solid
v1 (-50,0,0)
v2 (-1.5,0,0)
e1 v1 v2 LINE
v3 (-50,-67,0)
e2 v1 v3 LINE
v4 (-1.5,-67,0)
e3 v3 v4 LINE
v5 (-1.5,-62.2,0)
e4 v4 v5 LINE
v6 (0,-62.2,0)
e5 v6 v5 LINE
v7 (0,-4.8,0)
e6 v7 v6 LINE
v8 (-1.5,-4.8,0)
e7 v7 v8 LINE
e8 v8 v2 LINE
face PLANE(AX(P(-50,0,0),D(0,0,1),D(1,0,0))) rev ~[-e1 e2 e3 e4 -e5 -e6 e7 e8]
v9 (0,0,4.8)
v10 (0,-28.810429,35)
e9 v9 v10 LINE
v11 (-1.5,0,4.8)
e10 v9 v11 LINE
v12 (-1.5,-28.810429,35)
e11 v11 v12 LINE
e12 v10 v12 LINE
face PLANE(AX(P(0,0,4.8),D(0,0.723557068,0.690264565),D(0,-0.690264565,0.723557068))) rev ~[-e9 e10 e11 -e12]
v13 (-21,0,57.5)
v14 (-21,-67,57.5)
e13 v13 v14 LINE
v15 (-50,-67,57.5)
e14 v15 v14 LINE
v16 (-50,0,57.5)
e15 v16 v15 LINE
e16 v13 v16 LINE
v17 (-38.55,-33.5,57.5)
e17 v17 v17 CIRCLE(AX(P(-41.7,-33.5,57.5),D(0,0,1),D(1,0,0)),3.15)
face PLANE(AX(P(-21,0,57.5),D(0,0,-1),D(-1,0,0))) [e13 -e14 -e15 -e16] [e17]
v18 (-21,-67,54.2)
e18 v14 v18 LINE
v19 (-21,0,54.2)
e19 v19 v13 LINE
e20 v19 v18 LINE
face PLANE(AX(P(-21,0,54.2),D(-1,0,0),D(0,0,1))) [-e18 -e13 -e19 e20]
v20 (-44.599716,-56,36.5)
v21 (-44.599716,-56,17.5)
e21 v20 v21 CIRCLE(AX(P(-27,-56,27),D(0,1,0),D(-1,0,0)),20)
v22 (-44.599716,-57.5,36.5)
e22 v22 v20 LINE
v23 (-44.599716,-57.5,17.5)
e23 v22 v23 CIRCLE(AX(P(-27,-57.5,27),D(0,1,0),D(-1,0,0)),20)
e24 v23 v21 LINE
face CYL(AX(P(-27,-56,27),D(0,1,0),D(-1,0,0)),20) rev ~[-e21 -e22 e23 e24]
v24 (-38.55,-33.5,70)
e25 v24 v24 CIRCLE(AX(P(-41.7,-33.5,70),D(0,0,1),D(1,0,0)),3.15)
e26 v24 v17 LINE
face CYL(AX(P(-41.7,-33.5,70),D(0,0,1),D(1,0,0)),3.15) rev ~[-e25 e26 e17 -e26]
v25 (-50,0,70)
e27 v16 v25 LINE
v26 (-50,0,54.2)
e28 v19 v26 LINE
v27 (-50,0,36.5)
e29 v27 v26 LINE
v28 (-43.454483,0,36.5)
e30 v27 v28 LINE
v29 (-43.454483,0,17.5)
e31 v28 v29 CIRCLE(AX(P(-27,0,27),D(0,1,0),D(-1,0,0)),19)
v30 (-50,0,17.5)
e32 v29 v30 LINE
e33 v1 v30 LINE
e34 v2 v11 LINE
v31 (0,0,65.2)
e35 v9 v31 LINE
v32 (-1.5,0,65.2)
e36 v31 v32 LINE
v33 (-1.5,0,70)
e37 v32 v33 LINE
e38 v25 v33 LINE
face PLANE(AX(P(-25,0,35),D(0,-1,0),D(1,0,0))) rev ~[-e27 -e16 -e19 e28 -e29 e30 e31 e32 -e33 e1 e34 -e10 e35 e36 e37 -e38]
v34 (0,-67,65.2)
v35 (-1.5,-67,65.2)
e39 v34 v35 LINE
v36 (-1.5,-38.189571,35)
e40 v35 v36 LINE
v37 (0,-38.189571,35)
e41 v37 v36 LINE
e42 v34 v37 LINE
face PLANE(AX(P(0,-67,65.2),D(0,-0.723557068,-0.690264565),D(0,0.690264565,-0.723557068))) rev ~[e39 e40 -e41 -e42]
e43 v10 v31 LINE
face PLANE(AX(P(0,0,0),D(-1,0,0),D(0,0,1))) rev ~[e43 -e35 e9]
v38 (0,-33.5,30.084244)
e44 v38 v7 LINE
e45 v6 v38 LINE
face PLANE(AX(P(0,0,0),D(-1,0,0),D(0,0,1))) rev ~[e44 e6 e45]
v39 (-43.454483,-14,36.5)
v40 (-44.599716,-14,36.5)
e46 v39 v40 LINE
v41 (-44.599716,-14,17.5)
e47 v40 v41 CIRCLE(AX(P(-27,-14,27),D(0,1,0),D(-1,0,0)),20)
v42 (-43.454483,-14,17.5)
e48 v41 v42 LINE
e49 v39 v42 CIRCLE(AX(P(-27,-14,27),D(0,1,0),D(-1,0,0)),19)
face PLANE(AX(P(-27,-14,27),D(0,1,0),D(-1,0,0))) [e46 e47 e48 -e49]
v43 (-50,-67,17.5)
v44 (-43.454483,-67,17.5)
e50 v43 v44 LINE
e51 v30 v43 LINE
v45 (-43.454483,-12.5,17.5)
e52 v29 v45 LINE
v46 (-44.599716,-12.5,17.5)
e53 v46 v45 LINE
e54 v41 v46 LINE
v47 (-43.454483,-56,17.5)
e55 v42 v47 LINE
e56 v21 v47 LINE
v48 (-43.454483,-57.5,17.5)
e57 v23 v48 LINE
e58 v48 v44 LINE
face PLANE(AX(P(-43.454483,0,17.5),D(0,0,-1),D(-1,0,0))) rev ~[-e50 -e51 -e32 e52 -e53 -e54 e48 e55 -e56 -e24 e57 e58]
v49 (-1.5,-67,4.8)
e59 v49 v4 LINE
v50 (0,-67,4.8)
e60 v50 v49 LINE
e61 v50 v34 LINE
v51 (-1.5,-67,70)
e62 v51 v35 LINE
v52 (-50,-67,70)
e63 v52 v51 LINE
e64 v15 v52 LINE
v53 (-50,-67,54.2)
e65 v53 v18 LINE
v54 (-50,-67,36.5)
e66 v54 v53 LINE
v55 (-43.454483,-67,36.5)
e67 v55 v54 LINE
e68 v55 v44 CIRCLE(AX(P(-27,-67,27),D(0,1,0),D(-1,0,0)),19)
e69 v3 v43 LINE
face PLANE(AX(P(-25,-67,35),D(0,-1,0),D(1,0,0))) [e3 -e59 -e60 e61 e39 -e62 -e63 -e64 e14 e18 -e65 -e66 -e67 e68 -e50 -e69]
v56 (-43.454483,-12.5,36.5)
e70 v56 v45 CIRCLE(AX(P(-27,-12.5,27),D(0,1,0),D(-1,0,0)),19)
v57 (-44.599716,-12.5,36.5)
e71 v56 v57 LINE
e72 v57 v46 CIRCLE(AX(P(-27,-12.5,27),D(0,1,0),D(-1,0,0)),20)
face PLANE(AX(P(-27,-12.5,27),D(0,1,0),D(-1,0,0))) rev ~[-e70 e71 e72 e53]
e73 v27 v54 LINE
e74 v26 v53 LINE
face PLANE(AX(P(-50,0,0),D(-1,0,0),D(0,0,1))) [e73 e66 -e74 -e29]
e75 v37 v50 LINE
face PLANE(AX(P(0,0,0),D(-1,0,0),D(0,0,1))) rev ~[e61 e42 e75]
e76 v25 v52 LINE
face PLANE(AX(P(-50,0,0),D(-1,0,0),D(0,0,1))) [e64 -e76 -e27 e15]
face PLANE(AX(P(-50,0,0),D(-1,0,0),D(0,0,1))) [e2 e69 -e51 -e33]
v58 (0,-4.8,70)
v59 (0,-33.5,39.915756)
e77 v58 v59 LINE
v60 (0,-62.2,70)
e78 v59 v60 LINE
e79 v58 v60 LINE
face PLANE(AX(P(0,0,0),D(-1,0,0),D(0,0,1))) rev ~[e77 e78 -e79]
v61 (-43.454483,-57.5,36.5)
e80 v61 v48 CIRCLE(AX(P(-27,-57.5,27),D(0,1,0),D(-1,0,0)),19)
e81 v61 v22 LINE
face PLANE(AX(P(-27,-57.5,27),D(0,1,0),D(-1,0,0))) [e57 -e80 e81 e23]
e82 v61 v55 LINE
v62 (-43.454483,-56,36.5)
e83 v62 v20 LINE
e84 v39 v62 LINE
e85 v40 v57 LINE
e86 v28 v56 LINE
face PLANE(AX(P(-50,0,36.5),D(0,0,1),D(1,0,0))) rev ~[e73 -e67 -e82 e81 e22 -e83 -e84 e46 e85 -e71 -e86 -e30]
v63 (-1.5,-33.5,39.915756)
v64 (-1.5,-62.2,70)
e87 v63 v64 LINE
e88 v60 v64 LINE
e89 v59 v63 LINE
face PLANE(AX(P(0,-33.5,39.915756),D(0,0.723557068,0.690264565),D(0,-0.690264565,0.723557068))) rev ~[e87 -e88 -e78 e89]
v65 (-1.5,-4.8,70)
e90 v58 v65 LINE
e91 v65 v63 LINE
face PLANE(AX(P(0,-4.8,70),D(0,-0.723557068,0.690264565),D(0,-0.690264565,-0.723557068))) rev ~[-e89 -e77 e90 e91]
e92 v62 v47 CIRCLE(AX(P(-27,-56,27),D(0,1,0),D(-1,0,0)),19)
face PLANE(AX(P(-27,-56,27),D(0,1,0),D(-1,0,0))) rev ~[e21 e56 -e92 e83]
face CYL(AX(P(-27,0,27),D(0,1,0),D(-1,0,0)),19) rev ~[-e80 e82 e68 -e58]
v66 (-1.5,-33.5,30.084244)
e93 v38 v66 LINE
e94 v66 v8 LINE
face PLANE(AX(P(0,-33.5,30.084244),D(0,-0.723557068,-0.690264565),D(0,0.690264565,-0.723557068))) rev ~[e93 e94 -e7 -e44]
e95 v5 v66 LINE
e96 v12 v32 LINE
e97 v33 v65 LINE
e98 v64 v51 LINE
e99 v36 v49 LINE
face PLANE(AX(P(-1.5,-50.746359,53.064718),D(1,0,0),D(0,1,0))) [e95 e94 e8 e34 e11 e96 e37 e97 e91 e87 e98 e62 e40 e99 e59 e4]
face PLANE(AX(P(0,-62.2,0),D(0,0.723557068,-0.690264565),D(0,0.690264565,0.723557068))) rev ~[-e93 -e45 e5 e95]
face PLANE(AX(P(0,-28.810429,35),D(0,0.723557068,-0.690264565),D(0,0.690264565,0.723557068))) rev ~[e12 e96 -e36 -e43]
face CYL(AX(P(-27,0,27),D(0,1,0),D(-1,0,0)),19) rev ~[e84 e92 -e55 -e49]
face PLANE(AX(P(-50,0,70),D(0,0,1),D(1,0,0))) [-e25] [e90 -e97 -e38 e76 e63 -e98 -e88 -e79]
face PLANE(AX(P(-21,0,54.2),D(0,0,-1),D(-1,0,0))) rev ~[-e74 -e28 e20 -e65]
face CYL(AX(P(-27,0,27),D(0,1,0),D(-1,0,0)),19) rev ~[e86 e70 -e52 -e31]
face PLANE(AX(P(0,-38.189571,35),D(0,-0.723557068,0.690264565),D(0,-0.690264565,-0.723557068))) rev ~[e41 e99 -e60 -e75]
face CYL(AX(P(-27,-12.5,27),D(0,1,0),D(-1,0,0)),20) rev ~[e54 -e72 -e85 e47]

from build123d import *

# Parameters (mm, degrees)
F0_W      = 50
F0_H      = 70
F1_DEPTH  = 67
F3_DEPTH  = 1.5
F4_W      = 29
F4_H      = 3.3
F5_DEPTH  = 67.001
F7_R      = 20
F8_DEPTH  = 1.5
F10_R     = 20
F11_DEPTH = 1.5
F12_R     = 3.15
F13_DEPTH = 12.5


with BuildPart() as f1:
    # F0 (on Front) → F1 (new body)
    with BuildSketch(Plane.XZ):
        with Locations((-25, 35)):
            Rectangle(F0_W, F0_H)
    extrude(amount=F1_DEPTH)

    # F2 (on face) → F3 (cut)
    with BuildSketch(Plane.YZ):
        Polygon((-67, 70), (-67, 65.2), (-38.1895705521, 35), (-33.5, 39.915755627), (-62.2, 70), align=None)
        Polygon((-33.5, 39.915755627), (-38.1895705521, 35), (-33.5, 30.084244373), (-28.8104294479, 35), align=None)
        Polygon((-67, 4.8), (-67, 0), (-62.2, 0), (-33.5, 30.084244373), (-38.1895705521, 35), align=None)
        Polygon((-4.8, 70), (-33.5, 39.915755627), (-28.8104294479, 35), (0, 65.2), (0, 70), align=None)
        Polygon((-33.5, 30.084244373), (-4.8, 0), (0, 0), (0, 4.8), (-28.8104294479, 35), align=None)
    extrude(amount=-F3_DEPTH, mode=Mode.SUBTRACT)

    # F4 (on face) → F5 (cut, through all)
    with BuildSketch(Plane(origin=(0, 0, 0), x_dir=(-1, 0, 0), z_dir=(0, 1, 0))):
        with Locations((35.5, 55.85)):
            Rectangle(F4_W, F4_H)
        with BuildLine():
            ThreePointArc((46, 27), (45.3525906995, 31.9175618569), (43.4544826719, 36.5))
            ThreePointArc((43.4544826719, 36.5), (8, 27), (43.4544826719, 17.5))
            ThreePointArc((43.4544826719, 17.5), (45.3525906995, 22.0824381431), (46, 27))
        make_face()
        with BuildLine():
            Line((50, 17.5), (50, 36.5))
            Line((50, 36.5), (43.4544826719, 36.5))
            ThreePointArc((43.4544826719, 36.5), (45.3525906995, 31.9175618569), (46, 27))
            ThreePointArc((46, 27), (45.3525906995, 22.0824381431), (43.4544826719, 17.5))
            Line((43.4544826719, 17.5), (50, 17.5))
        make_face()
    extrude(amount=-F5_DEPTH, mode=Mode.SUBTRACT)

    # F7 (on offset) → F8 (cut)
    with BuildSketch(Plane(origin=(0, -12.5, 0), x_dir=(-1, 0, 0), z_dir=(0, 1, 0))):
        with Locations((27, 27)):
            Circle(F7_R)
    extrude(amount=-F8_DEPTH, mode=Mode.SUBTRACT)

    # F10 (on offset) → F11 (cut)
    with BuildSketch(Plane(origin=(0, -56, 0), x_dir=(-1, 0, 0), z_dir=(0, 1, 0))):
        with Locations((27, 27)):
            Circle(F10_R)
    extrude(amount=-F11_DEPTH, mode=Mode.SUBTRACT)

    # F12 (on face) → F13 (cut, through all)
    with BuildSketch(Plane.XY.offset(70)):
        with Locations((-41.7, -33.5)):
            Circle(F12_R)
    extrude(amount=-F13_DEPTH, mode=Mode.SUBTRACT)


solid = f1.part
